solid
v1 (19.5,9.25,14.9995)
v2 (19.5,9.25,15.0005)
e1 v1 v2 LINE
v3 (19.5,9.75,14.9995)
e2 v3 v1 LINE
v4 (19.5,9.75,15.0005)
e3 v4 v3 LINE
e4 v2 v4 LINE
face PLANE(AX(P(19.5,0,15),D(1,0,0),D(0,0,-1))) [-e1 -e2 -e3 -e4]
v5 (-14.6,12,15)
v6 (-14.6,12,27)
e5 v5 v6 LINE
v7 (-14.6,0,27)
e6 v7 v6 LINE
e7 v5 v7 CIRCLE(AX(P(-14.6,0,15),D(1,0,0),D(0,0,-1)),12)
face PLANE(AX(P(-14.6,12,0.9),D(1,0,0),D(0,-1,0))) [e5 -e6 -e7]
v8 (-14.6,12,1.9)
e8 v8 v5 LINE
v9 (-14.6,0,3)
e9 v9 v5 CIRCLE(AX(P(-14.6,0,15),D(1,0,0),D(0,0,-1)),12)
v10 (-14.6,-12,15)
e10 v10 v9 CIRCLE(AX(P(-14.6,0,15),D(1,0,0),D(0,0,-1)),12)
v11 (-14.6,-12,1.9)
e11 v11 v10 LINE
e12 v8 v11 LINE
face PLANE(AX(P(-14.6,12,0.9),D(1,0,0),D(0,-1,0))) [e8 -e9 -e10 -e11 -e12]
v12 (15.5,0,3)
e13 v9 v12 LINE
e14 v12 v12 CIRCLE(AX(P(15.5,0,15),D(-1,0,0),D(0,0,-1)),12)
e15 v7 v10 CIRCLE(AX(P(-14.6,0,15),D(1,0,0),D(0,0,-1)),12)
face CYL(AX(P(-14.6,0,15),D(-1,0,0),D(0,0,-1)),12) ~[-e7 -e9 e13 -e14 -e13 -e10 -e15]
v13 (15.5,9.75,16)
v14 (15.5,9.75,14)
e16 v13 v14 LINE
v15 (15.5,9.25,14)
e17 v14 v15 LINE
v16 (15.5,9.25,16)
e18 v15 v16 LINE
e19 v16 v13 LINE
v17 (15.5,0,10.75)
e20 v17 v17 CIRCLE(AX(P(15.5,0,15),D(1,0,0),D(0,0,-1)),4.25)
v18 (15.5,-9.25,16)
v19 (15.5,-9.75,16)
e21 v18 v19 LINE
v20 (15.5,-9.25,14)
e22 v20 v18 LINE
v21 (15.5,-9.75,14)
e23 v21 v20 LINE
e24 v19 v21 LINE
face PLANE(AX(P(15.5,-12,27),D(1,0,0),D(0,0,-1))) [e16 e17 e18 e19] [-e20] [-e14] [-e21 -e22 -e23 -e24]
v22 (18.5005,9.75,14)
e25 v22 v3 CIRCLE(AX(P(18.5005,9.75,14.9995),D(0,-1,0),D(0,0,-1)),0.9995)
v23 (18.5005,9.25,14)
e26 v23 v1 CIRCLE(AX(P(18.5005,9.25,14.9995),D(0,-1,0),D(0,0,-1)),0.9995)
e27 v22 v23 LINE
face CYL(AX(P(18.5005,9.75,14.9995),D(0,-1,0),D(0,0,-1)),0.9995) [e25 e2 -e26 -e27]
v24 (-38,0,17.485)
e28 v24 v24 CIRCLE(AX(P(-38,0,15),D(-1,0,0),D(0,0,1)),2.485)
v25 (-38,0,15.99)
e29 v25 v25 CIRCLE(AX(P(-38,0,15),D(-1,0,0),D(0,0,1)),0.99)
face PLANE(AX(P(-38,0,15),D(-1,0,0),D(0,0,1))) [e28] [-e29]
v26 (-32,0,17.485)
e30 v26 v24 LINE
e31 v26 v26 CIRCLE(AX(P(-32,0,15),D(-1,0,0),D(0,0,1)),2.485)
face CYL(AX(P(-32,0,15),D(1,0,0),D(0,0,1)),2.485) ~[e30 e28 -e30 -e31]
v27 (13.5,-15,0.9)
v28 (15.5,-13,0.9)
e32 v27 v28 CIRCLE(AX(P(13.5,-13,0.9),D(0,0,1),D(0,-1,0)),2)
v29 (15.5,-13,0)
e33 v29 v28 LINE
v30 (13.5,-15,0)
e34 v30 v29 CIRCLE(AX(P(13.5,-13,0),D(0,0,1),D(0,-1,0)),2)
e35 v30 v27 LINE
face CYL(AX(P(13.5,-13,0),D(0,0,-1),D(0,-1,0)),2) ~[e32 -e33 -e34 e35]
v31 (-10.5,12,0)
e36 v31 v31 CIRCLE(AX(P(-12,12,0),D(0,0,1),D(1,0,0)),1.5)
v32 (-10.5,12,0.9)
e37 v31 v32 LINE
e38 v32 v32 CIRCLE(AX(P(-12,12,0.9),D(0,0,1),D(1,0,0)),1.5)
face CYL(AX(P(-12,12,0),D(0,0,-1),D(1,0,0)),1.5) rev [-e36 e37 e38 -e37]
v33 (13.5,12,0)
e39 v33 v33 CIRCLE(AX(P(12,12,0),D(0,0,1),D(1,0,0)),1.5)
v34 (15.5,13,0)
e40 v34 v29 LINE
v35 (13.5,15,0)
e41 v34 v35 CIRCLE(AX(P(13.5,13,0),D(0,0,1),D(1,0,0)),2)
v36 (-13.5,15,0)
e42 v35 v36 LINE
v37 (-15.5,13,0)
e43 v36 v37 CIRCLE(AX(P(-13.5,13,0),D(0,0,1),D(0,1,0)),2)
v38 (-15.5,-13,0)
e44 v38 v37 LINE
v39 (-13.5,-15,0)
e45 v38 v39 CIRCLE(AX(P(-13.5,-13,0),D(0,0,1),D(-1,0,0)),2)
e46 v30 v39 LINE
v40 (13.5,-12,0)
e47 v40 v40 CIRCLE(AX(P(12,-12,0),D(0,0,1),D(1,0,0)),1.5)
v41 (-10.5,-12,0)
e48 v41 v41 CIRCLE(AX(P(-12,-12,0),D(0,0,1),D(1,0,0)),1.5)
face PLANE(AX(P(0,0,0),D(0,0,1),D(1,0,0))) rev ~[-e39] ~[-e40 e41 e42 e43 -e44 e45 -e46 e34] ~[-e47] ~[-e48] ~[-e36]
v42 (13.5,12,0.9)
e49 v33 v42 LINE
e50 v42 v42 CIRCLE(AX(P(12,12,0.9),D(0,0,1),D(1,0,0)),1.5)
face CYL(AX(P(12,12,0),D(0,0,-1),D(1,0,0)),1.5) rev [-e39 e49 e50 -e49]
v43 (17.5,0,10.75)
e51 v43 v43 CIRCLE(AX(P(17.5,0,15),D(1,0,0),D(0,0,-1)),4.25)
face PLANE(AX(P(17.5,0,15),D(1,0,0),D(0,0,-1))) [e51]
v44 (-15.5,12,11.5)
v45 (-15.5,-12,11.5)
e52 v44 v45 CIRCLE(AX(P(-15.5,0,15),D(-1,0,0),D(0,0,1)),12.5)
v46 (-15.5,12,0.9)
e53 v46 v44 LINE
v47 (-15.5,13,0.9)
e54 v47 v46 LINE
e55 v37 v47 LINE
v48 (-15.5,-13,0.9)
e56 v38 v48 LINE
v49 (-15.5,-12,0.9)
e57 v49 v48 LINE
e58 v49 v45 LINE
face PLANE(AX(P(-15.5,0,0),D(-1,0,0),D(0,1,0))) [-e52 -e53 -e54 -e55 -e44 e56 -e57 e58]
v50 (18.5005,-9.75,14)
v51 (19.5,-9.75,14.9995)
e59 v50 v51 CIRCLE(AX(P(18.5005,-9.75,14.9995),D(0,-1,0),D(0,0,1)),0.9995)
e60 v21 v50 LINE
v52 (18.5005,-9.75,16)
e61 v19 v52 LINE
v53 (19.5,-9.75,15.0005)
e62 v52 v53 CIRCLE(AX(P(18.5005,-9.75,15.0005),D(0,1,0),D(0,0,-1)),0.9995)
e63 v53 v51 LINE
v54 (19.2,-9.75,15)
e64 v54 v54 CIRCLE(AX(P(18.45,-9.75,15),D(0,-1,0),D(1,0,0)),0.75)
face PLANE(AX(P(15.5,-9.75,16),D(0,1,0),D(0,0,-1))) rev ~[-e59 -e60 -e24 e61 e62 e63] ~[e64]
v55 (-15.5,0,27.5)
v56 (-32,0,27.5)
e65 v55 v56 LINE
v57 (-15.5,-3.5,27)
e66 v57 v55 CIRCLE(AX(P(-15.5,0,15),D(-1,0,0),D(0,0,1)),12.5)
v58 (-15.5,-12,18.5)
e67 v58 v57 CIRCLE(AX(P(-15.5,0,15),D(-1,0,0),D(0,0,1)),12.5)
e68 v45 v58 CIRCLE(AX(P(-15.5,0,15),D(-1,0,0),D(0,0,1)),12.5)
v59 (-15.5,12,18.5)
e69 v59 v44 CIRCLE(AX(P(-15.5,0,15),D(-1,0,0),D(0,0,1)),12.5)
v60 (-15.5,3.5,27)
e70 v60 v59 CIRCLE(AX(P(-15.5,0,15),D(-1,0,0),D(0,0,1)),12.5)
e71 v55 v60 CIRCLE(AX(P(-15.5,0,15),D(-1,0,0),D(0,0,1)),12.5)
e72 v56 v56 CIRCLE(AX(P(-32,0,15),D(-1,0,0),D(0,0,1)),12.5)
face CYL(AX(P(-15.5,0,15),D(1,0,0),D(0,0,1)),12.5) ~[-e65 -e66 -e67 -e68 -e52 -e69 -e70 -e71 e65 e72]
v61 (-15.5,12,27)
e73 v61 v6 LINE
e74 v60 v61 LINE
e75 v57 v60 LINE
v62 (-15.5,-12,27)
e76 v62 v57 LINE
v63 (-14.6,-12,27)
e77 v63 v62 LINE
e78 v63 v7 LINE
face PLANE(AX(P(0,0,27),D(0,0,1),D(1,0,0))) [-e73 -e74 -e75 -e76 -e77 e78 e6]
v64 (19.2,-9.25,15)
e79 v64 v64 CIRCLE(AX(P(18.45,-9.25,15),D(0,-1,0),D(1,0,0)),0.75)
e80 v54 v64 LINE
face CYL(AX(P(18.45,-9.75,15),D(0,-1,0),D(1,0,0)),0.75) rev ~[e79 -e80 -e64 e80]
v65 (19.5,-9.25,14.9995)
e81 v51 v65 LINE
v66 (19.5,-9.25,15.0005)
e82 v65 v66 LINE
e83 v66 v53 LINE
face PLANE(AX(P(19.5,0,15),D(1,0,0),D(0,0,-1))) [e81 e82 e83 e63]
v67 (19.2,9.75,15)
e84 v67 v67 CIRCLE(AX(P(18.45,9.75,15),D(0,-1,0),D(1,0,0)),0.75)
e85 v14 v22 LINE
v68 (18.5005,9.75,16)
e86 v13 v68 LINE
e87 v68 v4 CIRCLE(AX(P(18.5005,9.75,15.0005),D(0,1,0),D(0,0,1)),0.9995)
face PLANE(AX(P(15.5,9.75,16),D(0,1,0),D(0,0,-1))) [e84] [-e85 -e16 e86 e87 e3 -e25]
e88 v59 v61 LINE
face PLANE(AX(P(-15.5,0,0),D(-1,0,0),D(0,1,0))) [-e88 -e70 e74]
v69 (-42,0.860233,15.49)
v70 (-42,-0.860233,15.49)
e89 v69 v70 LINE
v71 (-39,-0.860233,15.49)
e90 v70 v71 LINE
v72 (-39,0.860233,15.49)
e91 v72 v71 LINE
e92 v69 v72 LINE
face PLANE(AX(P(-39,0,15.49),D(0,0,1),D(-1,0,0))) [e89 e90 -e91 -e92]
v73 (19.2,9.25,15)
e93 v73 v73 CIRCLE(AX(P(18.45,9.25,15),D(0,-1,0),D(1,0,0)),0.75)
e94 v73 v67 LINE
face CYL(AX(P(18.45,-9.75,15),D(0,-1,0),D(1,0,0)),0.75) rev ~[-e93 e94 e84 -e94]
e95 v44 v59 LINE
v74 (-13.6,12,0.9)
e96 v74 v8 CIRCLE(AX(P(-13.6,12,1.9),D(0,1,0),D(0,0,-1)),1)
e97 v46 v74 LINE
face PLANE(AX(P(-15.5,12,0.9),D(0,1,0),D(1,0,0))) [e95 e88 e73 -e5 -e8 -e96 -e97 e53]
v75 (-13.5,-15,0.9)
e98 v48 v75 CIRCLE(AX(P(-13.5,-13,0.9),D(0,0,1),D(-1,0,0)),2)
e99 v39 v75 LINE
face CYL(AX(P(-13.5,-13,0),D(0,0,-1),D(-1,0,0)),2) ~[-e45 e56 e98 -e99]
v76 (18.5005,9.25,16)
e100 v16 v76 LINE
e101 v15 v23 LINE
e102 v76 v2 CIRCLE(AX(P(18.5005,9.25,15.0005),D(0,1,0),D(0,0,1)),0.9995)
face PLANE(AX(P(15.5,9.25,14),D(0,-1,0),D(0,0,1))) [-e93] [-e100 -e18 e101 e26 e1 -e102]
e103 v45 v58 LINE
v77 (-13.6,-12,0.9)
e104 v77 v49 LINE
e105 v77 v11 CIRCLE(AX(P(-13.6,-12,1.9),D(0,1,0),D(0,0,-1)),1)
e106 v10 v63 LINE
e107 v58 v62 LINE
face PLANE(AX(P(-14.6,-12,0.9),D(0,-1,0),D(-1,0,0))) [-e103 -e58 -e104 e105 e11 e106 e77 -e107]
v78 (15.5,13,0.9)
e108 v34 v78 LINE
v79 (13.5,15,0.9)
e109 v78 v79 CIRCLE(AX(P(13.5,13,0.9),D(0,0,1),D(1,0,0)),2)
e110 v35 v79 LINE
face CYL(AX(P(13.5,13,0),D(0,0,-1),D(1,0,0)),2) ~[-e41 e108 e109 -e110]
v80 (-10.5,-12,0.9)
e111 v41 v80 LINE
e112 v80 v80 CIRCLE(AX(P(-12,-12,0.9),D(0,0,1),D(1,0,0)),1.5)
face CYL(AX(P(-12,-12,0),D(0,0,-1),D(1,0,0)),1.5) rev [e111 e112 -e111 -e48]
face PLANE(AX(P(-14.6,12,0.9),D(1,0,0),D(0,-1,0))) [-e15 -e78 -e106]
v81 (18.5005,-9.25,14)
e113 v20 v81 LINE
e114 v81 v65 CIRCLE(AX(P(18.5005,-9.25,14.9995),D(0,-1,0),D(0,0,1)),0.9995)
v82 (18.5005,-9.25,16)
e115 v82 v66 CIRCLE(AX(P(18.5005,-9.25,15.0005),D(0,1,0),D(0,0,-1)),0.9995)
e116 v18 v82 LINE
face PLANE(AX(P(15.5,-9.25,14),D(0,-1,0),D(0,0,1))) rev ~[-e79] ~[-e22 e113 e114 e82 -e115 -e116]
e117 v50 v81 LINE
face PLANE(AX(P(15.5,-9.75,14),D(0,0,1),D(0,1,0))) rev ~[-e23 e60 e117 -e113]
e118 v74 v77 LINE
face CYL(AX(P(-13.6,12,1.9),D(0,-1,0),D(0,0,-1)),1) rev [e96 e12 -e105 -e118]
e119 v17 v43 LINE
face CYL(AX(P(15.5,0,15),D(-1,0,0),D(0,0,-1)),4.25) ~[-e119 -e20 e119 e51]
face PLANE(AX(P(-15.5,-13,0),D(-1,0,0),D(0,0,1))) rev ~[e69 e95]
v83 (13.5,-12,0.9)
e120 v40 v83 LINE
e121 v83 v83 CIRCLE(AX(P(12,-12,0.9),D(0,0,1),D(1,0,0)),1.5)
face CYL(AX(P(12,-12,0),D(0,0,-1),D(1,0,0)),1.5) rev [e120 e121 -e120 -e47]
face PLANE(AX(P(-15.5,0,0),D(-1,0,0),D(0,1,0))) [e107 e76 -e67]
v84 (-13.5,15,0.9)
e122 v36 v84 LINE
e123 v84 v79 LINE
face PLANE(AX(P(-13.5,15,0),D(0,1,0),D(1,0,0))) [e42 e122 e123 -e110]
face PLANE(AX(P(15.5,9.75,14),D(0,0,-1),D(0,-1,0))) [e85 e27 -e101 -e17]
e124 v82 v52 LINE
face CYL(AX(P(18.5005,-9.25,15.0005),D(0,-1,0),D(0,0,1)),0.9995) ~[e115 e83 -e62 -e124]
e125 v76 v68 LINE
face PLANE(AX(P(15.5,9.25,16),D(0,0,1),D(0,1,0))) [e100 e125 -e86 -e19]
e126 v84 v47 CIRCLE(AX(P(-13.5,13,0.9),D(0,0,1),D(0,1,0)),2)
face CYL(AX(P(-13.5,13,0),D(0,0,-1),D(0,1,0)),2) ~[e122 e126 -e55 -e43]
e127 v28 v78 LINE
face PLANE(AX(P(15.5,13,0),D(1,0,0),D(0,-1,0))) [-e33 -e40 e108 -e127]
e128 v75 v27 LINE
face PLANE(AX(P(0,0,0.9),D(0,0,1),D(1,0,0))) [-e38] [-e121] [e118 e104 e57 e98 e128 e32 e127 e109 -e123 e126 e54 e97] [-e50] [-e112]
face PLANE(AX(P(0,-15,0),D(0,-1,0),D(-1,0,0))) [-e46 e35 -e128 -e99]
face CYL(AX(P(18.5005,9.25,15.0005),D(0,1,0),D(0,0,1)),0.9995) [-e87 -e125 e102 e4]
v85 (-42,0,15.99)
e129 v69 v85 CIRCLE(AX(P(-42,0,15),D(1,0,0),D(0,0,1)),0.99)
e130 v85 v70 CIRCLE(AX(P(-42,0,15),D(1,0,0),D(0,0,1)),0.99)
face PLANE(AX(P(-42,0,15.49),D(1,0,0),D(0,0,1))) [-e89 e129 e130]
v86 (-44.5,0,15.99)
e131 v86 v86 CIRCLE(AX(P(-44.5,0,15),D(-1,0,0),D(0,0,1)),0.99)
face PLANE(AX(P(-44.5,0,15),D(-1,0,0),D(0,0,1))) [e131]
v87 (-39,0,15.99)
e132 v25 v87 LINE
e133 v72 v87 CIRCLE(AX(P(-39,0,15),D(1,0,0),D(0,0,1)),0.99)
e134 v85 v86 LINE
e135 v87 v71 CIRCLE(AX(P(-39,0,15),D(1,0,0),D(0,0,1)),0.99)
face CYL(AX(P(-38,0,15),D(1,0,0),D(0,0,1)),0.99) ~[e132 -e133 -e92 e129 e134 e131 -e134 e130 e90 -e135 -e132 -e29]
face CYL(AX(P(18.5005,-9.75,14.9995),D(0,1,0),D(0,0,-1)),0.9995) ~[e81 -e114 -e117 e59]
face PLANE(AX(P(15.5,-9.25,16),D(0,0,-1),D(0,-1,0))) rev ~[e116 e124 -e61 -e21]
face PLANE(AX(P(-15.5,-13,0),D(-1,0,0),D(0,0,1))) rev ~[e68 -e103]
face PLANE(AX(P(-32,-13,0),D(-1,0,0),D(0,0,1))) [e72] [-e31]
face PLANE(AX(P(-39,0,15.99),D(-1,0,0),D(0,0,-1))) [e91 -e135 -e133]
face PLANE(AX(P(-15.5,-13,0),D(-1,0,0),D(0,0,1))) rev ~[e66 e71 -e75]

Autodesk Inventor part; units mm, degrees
ref_plane "YZ Plane" through (0, 0, 0) normal (1, 0, 0) x (0, 1, 0)
ref_plane "XZ Plane" through (0, 0, 0) normal (0, 1, 0) x (-1, 0, 0)
ref_plane "XY Plane" through (0, 0, 0) normal (0, 0, 1) x (1, 0, 0)
sketch "Sketch1" plane through (0, 0, 0) normal (0, 0, 1) x (1, 0, 0)
  line L0 (-13.5, 15) -> (13.5, 15)
  line L1 (15.5, 13) -> (15.5, -13)
  line L2 (13.5, -15) -> (-13.5, -15)
  line L3 (-15.5, -13) -> (-15.5, 13)
  line L4 (-22.2799, 0) -> (22.2799, 0) projected
  line L5 (0, -21.5799) -> (0, 21.5799) projected
  circle A0 centre (-12, 12) radius 1.5
  arc A1 (-13.5, 15) -> (-15.5, 13) centre (-13.5, 13) ccw
  arc A2 (15.5, 13) -> (13.5, 15) centre (13.5, 13) ccw
  arc A3 (13.5, -15) -> (15.5, -13) centre (13.5, -13) ccw
  arc A4 (-15.5, -13) -> (-13.5, -15) centre (-13.5, -13) ccw
  circle A5 centre (12, 12) radius 1.5
  circle A6 centre (-12, -12) radius 1.5
  circle A7 centre (12, -12) radius 1.5
  point P0 (0, 0)
  point P1 (-15.5, 15)
  point P2 (15.5, -15)
  point P3 (15.5, 15)
  point P4 (13.5, 13)
  dimension "d0" = 31
  dimension "d1" = 30
  dimension "d2" = 15
  dimension "d3" = 15.5
  dimension "d4" = 3
  dimension "d5" = 12
  dimension "d6" = 12
  dimension "d7" = 2
extrude "Extrusion1" add sketch "Sketch1" along normal blind 0.9
sketch "Sketch2" plane through (0, 0, 0.9) normal (0, 0, 1) x (1, 0, 0)
  circle A0 centre (12, -12) radius 1.5 projected
  circle A1 centre (-12, -12) radius 1.5 projected
  circle A2 centre (12, 12) radius 1.5 projected
  circle A3 centre (-12, 12) radius 1.5 projected
  line L0 (13.5, 15) -> (-13.5, 15) projected
  arc A4 (-13.5, 15) -> (-15.5, 13) centre (-13.5, 13) ccw projected
  line L1 (-15.5, 13) -> (-15.5, -13) projected
  arc A5 (-15.5, -13) -> (-13.5, -15) centre (-13.5, -13) ccw projected
  line L2 (-13.5, -15) -> (13.5, -15) projected
  arc A6 (13.5, -15) -> (15.5, -13) centre (13.5, -13) ccw projected
  line L3 (15.5, -13) -> (15.5, 13) projected
  arc A7 (15.5, 13) -> (13.5, 15) centre (13.5, 13) ccw projected
  line L4 (-15.5, 12) -> (-14.6, 12)
  line L5 (-14.6, 12) -> (-14.6, -12)
  line L6 (-14.6, -12) -> (-15.5, -12)
  line L7 (-15.5, -12) -> (-15.5, 12)
  line L8 (-22.2799, 0) -> (22.2799, 0) projected
  line L9 (0, -21.5799) -> (0, 21.5799) projected
  point P0 (0, 0)
  dimension "d10" = 0.9
  dimension "d11" = 24
  dimension "d12" = 12
extrude "Extrusion2" add sketch "Sketch2" along normal blind 26.1 contours L8 L1 L4 L5 | L5 L6 L1 L8
fillet "Fillet1" radius 1 1 edges at (-14.6, 0, 0.9)
sketch "Sketch3" plane through (-14.6, -12, 27) normal (1, 0, 0) x (0, 0, -1)
  line L0 (27, -1) -> (27, 25) projected
  line L1 (27, -1) -> (26.1, -1) projected
  line L2 (26.1, 0) -> (26.1, -1) projected
  line L3 (26.1, 0) -> (0, 0) projected
  line L4 (0, 24) -> (0, 0) projected
  line L5 (26.1, 24) -> (0, 24) projected
  line L6 (26.1, 25) -> (26.1, 24) projected
  line L7 (27, 25) -> (26.1, 25) projected
  line L8 (35.3744, 12) -> (2.9643, 12) construction
  circle A0 centre (12, 12) radius 12
  point P0 (27, 12)
  dimension "d16" = 15
  dimension "d17" = 24
extrude "Extrusion3" add sketch "Sketch3" along normal blind 30.1 contours A0
sketch "Sketch4" plane through (-15.5, -13, 0) normal (-1, 0, 0) x (0, 0, 1)
  circle A0 centre (15, 13) radius 12 projected
  arc A1 (15, 25) -> (15, 1) centre (15, 13) ccw projected
  arc A2 (27, 13) -> (15, 25) centre (15, 13) ccw projected
  arc A3 (15, 1) -> (27, 13) centre (15, 13) ccw projected
  circle A4 centre (15, 13) radius 12.5
  point P0 (0, 13)
  dimension "d20" = 25
extrude "Extrusion4" add sketch "Sketch4" along normal blind 16.5 contours A0 | A4
sketch "Sketch5" plane through (15.5, 0, 15) normal (1, 0, 0) x (0, 0, -1)
  circle A0 centre (0, 0) radius 12 projected
  arc A1 (0, -12) -> (0, 12) centre (0, 0) ccw projected
  arc A2 (0, 12) -> (-12, 0) centre (0, 0) ccw projected
  arc A3 (-12, 0) -> (0, -12) centre (0, 0) ccw projected
  circle A4 centre (0, 0) radius 4.25
  point P0 (15, 0)
  dimension "d23" = 8.5
extrude "Extrusion5" add sketch "Sketch5" along normal blind 2 contours A4
sketch "Sketch6" plane through (15.5, 0, 15) normal (1, 0, 0) x (0, 0, -1)
  circle A0 centre (0, 0) radius 12 projected
  arc A1 (0, -12) -> (0, 12) centre (0, 0) ccw projected
  arc A2 (0, 12) -> (-12, 0) centre (0, 0) ccw projected
  arc A3 (-12, 0) -> (0, -12) centre (0, 0) ccw projected
  line L0 (0, 12.481) -> (0, -10.3275) construction
  line L1 (-1, -9.75) -> (1, -9.75)
  line L2 (1, -9.75) -> (1, -9.25)
  line L3 (1, -9.25) -> (-1, -9.25)
  line L4 (-1, -9.25) -> (-1, -9.75)
  line L5 (0, 0) -> (-4.6495, 0) construction
  line L6 (-1, 9.75) -> (1, 9.75)
  line L7 (1, 9.75) -> (1, 9.25)
  line L8 (1, 9.25) -> (-1, 9.25)
  line L9 (-1, 9.25) -> (-1, 9.75)
  point P0 (15, 0)
  point P1 (0, 10.3275)
  dimension "d26" = 2
  dimension "d27" = 1
  dimension "d28" = 0.5
  dimension "d29" = 9.25
extrude "Extrusion6" add sketch "Sketch6" along normal blind 4 contours L4 L3 L2 L1 | L6 L7 L8 L9
sketch "Sketch7" plane through (15.5, -9.75, 14) normal (0, -1, 0) x (1, 0, 0)
  line L0 (0, 0) -> (0, 2) projected
  line L1 (0, 0) -> (4, 0) projected
  line L2 (4, 2) -> (4, 0) projected
  line L3 (0, 2) -> (4, 2) projected
  line L4 (4, 1) -> (0, 1) construction
  line L5 (0, 0) -> (0, 2) projected
  circle A0 centre (2.95, 1) radius 0.75
  point P0 (-15.5, -14)
  dimension "d32" = 1.5
  dimension "d33" = 1.05
extrude "Extrusion7" cut sketch "Sketch7" against normal through all contours A0
fillet "Fillet2" radius 1 2 edges at (19.5, -9.5, 16) (19.5, -9.5, 14)
fillet "Fillet3" radius 1 2 edges at (19.5, 9.5, 16) (19.5, 9.5, 14)
sketch "Sketch8" plane through (-32, 0, 15) normal (-1, 0, 0) x (0, 0, 1)
  circle A0 centre (0, 0) radius 12.5 projected
  circle A1 centre (0, 0) radius 2.485
  point P0 (-15, 0)
  dimension "d38" = 4.97
extrude "Extrusion8" add sketch "Sketch8" along normal blind 6 contours A1
sketch "Sketch9" plane through (-38, 0, 15) normal (-1, 0, 0) x (0, 0, 1)
  circle A0 centre (0, 0) radius 2.485 projected
  circle A1 centre (0, 0) radius 0.99
  point P0 (-15, 0)
  dimension "d41" = 1.98
extrude "Extrusion9" add sketch "Sketch9" along normal blind 6.5 contours A1
sketch "Sketch10" plane through (0, 0, 0) normal (0, 1, 0) x (-1, 0, 0)
  line L0 (44.5, 14.01) -> (44.5, 15.99) projected
  line L1 (38, 15.99) -> (38, 14.01) projected
  line L2 (42, 15.99) -> (39, 15.99)
  line L3 (39, 15.99) -> (39, 15.49)
  line L4 (39, 15.49) -> (42, 15.49)
  line L5 (42, 15.49) -> (42, 15.99)
  line L6 (38, 15.99) -> (44.5, 15.99) construction
  line L7 (38, 15.99) -> (44.5, 15.99) projected
  point P0 (0, 0)
  dimension "d44" = 3
  dimension "d45" = 0.5
  dimension "d46" = 1
extrude "Extrusion10" cut sketch "Sketch10" along normal mid plane 6.5
equation "\"d2\" = 0.5 * d1"
equation "\"d3\" = 0.5 * d0"
equation "\"d12\" = 0.5 * d11"
equation "\"d27\" = 0.5 * d26"
properties part number "BallBallancing_DCmotor"
